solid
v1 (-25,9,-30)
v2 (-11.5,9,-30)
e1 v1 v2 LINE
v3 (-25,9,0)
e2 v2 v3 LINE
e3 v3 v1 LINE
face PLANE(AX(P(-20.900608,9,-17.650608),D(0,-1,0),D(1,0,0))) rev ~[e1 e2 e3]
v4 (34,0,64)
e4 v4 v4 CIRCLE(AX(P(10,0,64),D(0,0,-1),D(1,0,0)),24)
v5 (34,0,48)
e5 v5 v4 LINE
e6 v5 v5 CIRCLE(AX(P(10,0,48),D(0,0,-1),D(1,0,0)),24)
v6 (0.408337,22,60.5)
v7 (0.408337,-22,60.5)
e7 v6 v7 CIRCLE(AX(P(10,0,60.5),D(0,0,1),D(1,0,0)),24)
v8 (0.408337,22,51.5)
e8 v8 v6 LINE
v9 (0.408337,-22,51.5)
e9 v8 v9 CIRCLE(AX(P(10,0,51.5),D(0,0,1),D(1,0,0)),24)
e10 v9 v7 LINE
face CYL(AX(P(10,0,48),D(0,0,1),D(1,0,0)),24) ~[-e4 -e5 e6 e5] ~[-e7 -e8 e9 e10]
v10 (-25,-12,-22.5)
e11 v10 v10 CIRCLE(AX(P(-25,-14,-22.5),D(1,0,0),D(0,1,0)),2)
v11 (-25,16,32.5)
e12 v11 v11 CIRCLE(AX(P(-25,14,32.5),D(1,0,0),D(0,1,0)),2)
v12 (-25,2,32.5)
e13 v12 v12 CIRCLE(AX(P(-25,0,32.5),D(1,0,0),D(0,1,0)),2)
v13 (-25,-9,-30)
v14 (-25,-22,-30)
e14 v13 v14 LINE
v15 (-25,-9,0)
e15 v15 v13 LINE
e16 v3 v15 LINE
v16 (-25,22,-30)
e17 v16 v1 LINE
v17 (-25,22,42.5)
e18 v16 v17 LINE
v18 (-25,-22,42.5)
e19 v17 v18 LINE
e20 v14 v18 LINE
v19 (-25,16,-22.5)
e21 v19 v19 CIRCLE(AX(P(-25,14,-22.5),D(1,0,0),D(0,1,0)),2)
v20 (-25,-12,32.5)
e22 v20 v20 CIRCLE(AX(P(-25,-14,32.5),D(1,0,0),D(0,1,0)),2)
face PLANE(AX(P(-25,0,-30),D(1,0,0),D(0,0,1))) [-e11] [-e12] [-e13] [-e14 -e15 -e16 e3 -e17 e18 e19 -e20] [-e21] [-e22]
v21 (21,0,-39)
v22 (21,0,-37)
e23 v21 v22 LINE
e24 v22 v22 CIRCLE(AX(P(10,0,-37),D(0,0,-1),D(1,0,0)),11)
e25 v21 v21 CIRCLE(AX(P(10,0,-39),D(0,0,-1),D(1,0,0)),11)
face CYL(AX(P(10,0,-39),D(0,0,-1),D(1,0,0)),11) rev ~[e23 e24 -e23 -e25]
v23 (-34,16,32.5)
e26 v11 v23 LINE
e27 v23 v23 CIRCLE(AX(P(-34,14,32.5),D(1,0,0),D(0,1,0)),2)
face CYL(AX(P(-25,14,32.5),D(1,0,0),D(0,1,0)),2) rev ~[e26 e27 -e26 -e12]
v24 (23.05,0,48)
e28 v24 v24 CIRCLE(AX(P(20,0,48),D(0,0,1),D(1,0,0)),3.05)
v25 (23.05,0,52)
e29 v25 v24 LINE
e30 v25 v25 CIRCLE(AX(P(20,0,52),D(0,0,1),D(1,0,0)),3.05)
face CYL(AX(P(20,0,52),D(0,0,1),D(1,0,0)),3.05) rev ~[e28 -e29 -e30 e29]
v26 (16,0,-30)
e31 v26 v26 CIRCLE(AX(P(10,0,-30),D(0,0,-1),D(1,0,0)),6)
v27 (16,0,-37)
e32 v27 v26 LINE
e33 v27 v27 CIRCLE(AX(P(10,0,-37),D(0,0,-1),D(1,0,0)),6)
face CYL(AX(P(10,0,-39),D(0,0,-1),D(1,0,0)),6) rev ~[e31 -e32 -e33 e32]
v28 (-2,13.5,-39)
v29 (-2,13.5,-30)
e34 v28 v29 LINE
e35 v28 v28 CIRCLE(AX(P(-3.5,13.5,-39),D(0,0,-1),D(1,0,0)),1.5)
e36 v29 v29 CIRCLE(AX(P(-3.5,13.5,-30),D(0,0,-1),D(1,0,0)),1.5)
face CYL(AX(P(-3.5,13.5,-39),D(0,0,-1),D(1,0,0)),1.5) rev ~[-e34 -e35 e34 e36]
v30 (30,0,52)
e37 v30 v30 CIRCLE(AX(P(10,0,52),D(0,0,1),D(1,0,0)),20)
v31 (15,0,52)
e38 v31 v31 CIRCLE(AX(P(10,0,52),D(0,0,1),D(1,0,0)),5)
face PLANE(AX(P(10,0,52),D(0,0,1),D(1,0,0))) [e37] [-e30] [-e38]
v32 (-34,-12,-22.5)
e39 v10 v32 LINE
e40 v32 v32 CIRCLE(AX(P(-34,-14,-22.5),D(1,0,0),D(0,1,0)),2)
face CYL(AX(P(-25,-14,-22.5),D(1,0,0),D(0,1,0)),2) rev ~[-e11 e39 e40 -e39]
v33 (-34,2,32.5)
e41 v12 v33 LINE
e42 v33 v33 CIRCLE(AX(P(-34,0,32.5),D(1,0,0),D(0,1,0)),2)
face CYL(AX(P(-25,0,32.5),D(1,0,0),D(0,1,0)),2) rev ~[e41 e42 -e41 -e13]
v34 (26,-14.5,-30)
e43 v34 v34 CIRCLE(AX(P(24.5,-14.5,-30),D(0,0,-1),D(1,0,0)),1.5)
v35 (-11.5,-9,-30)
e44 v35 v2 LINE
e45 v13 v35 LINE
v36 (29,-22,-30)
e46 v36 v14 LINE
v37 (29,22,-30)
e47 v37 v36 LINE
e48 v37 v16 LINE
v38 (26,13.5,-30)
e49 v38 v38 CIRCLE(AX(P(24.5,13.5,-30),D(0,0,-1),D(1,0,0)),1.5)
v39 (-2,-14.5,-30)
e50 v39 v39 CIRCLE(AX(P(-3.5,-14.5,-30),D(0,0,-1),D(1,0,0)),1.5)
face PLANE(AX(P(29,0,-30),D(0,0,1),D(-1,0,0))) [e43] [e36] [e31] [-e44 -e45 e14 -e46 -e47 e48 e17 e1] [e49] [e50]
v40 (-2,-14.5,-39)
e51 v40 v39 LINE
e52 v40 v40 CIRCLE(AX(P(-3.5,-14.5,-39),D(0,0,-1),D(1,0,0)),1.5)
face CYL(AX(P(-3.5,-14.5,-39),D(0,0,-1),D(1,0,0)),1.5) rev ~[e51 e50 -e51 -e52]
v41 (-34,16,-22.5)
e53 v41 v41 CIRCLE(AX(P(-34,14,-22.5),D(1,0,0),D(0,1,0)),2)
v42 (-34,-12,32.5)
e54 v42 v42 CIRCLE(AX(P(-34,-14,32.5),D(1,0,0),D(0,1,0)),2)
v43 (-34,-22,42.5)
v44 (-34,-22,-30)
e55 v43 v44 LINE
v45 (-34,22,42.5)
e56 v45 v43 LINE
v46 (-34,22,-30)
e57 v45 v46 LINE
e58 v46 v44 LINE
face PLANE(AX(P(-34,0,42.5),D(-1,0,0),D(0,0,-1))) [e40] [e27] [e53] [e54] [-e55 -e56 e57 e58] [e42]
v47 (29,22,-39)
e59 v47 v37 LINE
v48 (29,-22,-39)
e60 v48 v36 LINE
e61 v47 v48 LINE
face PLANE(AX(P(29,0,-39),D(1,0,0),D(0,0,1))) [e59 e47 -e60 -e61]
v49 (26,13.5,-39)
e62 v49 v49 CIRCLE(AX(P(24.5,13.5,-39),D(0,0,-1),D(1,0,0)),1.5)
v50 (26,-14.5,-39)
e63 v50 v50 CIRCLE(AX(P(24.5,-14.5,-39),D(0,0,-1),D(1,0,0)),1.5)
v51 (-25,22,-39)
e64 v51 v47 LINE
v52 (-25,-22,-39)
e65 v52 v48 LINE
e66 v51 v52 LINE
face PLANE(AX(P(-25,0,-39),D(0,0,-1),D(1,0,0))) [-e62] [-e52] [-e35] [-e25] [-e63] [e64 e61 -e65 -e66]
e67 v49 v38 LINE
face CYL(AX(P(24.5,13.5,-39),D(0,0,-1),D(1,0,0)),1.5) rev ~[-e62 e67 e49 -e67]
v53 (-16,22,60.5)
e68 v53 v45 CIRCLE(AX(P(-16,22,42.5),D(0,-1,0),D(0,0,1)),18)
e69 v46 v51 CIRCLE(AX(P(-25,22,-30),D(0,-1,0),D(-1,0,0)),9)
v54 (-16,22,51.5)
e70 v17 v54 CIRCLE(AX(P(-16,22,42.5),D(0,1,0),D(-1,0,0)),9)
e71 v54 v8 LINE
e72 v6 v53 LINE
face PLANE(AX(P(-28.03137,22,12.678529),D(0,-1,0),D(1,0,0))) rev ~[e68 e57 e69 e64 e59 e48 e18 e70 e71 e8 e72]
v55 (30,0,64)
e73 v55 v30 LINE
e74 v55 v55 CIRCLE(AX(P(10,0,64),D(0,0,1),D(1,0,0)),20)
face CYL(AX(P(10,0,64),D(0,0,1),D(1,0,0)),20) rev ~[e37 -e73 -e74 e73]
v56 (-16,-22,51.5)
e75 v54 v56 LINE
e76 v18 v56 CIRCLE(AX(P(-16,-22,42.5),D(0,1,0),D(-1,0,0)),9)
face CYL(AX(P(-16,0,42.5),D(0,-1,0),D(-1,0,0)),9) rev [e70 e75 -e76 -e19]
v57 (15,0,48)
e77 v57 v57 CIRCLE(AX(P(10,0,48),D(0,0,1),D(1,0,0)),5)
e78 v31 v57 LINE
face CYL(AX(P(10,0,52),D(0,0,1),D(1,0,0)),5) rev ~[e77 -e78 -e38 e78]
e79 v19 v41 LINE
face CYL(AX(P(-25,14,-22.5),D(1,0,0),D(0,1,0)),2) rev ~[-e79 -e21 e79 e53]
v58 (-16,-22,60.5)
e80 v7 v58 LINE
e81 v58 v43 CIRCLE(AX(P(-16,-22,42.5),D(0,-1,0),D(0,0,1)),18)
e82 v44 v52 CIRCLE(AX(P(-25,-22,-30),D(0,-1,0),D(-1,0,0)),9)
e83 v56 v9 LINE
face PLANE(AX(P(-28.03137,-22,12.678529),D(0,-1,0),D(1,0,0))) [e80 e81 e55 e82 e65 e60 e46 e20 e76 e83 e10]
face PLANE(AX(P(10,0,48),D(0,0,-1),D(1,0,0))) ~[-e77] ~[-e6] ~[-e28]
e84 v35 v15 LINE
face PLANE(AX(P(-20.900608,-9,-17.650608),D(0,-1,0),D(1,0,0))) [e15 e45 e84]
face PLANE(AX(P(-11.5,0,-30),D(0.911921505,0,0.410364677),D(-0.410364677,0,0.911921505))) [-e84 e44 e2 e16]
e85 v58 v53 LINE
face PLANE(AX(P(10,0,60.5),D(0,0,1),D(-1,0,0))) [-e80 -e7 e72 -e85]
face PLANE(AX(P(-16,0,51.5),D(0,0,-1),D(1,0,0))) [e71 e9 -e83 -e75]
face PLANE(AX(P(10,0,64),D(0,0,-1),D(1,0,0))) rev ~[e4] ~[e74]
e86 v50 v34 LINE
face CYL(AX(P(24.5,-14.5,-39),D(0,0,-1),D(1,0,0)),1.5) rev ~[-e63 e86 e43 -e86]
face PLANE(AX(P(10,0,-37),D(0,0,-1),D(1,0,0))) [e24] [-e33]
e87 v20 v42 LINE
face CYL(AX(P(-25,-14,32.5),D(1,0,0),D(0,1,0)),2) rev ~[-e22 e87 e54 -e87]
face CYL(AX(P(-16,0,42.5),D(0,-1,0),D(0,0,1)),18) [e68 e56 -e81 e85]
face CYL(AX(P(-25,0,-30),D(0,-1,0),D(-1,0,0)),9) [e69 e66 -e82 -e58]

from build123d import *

# Parameters (mm, degrees)
F0_W      = 2
F0_H      = 9
F0_W_2    = 24
F1_DEPTH  = 22
F3_R      = 20
F4_DEPTH  = 12
F5_R      = 5
F5_R_2    = 3.05
F6_DEPTH  = 50
F7_R      = 2
F8_DEPTH  = 9.001
F9_R      = 11
F10_DEPTH = 2
F11_R     = 1.5
F12_DEPTH = 20
F13_R     = 6
F14_DEPTH = 25
F15_DEPTH = 9


with BuildPart() as f1:
    # F0 (on Front) → F1 (new body, symmetric)
    with BuildSketch(Plane.XZ):
        with BuildLine():
            Line((-16, 51.5), (-16, 60.5))
            ThreePointArc((-16, 60.5), (-28.7279220614, 55.2279220614), (-34, 42.5))
            Line((-34, 42.5), (-34, -30))
            ThreePointArc((-34, -30), (-31.3639610307, -36.3639610307), (-25, -39))
            Line((-25, -39), (-25, -30))
            Line((-25, -30), (-25, 0))
            Line((-25, 0), (-25, 42.5))
            ThreePointArc((-25, 42.5), (-22.3639610307, 48.8639610307), (-16, 51.5))
        make_face()
        with Locations((-15, 56)):
            Rectangle(F0_W, F0_H)
        with Locations((-2, 56)):
            Rectangle(F0_W_2, F0_H)
        Polygon((-25, -30), (-25, -39), (29, -39), (29, -30), (-11.5, -30), align=None)
    extrude(amount=F1_DEPTH, both=True)

    # F0 (on Front) → F2 (revolve)
    with BuildSketch(Plane.XZ):
        Polygon((34, 64), (10, 64), (10, 60.5), (10, 51.5), (10, 48), (34, 48), align=None)
    revolve(axis=Axis((10, 0, 55.4929765165), (0, 0, -1)))

    # F3 (on face) → F4 (cut)
    with BuildSketch(Plane.XY.offset(64)):
        with Locations((10, 0)):
            Circle(F3_R)
    extrude(amount=-F4_DEPTH, mode=Mode.SUBTRACT)

    # F5 (on face) → F6 (cut)
    with BuildSketch(Plane.XY.offset(52)):
        with Locations((10, 0)):
            Circle(F5_R)
        with Locations((20, 0)):
            Circle(F5_R_2)
    extrude(amount=-F6_DEPTH, mode=Mode.SUBTRACT)

    # F7 (on face) → F8 (cut, through all)
    with BuildSketch(Plane.YZ.offset(-25)):
        with Locations((14, -22.5)):
            Circle(F7_R)
        with Locations((14, 32.5)):
            Circle(F7_R)
        with Locations((0, 32.5)):
            Circle(F7_R)
        with Locations((-14, -22.5)):
            Circle(F7_R)
        with Locations((-14, 32.5)):
            Circle(F7_R)
    extrude(amount=-F8_DEPTH, mode=Mode.SUBTRACT)

    # F9 (on face) → F10 (cut)
    with BuildSketch(Plane(origin=(0, 0, -39), x_dir=(1, 0, 0), z_dir=(0, 0, -1))):
        with Locations((10, 0)):
            Circle(F9_R)
    extrude(amount=-F10_DEPTH, mode=Mode.SUBTRACT)

    # F11 (on face) → F12 (cut)
    with BuildSketch(Plane(origin=(0, 0, -39), x_dir=(1, 0, 0), z_dir=(0, 0, -1))):
        with Locations((-3.5, -13.5)):
            Circle(F11_R)
        with Locations((-3.5, 14.5)):
            Circle(F11_R)
        with Locations((24.5, -13.5)):
            Circle(F11_R)
        with Locations((24.5, 14.5)):
            Circle(F11_R)
        with Locations((52.5, -13.5)):
            Circle(F11_R)
        with Locations((52.5, 14.5)):
            Circle(F11_R)
    extrude(amount=-F12_DEPTH, mode=Mode.SUBTRACT)

    # F13 (on face) → F14 (cut)
    with BuildSketch(Plane(origin=(0, 0, -39), x_dir=(1, 0, 0), z_dir=(0, 0, -1))):
        with Locations((10, 0)):
            Circle(F13_R)
    extrude(amount=-F14_DEPTH, mode=Mode.SUBTRACT)

    # F0 (on Front) → F15 (join, symmetric)
    with BuildSketch(Plane.XZ):
        Polygon((-11.5, -30), (-25, 0), (-25, -30), align=None)
    extrude(amount=F15_DEPTH, both=True)


solid = f1.part
